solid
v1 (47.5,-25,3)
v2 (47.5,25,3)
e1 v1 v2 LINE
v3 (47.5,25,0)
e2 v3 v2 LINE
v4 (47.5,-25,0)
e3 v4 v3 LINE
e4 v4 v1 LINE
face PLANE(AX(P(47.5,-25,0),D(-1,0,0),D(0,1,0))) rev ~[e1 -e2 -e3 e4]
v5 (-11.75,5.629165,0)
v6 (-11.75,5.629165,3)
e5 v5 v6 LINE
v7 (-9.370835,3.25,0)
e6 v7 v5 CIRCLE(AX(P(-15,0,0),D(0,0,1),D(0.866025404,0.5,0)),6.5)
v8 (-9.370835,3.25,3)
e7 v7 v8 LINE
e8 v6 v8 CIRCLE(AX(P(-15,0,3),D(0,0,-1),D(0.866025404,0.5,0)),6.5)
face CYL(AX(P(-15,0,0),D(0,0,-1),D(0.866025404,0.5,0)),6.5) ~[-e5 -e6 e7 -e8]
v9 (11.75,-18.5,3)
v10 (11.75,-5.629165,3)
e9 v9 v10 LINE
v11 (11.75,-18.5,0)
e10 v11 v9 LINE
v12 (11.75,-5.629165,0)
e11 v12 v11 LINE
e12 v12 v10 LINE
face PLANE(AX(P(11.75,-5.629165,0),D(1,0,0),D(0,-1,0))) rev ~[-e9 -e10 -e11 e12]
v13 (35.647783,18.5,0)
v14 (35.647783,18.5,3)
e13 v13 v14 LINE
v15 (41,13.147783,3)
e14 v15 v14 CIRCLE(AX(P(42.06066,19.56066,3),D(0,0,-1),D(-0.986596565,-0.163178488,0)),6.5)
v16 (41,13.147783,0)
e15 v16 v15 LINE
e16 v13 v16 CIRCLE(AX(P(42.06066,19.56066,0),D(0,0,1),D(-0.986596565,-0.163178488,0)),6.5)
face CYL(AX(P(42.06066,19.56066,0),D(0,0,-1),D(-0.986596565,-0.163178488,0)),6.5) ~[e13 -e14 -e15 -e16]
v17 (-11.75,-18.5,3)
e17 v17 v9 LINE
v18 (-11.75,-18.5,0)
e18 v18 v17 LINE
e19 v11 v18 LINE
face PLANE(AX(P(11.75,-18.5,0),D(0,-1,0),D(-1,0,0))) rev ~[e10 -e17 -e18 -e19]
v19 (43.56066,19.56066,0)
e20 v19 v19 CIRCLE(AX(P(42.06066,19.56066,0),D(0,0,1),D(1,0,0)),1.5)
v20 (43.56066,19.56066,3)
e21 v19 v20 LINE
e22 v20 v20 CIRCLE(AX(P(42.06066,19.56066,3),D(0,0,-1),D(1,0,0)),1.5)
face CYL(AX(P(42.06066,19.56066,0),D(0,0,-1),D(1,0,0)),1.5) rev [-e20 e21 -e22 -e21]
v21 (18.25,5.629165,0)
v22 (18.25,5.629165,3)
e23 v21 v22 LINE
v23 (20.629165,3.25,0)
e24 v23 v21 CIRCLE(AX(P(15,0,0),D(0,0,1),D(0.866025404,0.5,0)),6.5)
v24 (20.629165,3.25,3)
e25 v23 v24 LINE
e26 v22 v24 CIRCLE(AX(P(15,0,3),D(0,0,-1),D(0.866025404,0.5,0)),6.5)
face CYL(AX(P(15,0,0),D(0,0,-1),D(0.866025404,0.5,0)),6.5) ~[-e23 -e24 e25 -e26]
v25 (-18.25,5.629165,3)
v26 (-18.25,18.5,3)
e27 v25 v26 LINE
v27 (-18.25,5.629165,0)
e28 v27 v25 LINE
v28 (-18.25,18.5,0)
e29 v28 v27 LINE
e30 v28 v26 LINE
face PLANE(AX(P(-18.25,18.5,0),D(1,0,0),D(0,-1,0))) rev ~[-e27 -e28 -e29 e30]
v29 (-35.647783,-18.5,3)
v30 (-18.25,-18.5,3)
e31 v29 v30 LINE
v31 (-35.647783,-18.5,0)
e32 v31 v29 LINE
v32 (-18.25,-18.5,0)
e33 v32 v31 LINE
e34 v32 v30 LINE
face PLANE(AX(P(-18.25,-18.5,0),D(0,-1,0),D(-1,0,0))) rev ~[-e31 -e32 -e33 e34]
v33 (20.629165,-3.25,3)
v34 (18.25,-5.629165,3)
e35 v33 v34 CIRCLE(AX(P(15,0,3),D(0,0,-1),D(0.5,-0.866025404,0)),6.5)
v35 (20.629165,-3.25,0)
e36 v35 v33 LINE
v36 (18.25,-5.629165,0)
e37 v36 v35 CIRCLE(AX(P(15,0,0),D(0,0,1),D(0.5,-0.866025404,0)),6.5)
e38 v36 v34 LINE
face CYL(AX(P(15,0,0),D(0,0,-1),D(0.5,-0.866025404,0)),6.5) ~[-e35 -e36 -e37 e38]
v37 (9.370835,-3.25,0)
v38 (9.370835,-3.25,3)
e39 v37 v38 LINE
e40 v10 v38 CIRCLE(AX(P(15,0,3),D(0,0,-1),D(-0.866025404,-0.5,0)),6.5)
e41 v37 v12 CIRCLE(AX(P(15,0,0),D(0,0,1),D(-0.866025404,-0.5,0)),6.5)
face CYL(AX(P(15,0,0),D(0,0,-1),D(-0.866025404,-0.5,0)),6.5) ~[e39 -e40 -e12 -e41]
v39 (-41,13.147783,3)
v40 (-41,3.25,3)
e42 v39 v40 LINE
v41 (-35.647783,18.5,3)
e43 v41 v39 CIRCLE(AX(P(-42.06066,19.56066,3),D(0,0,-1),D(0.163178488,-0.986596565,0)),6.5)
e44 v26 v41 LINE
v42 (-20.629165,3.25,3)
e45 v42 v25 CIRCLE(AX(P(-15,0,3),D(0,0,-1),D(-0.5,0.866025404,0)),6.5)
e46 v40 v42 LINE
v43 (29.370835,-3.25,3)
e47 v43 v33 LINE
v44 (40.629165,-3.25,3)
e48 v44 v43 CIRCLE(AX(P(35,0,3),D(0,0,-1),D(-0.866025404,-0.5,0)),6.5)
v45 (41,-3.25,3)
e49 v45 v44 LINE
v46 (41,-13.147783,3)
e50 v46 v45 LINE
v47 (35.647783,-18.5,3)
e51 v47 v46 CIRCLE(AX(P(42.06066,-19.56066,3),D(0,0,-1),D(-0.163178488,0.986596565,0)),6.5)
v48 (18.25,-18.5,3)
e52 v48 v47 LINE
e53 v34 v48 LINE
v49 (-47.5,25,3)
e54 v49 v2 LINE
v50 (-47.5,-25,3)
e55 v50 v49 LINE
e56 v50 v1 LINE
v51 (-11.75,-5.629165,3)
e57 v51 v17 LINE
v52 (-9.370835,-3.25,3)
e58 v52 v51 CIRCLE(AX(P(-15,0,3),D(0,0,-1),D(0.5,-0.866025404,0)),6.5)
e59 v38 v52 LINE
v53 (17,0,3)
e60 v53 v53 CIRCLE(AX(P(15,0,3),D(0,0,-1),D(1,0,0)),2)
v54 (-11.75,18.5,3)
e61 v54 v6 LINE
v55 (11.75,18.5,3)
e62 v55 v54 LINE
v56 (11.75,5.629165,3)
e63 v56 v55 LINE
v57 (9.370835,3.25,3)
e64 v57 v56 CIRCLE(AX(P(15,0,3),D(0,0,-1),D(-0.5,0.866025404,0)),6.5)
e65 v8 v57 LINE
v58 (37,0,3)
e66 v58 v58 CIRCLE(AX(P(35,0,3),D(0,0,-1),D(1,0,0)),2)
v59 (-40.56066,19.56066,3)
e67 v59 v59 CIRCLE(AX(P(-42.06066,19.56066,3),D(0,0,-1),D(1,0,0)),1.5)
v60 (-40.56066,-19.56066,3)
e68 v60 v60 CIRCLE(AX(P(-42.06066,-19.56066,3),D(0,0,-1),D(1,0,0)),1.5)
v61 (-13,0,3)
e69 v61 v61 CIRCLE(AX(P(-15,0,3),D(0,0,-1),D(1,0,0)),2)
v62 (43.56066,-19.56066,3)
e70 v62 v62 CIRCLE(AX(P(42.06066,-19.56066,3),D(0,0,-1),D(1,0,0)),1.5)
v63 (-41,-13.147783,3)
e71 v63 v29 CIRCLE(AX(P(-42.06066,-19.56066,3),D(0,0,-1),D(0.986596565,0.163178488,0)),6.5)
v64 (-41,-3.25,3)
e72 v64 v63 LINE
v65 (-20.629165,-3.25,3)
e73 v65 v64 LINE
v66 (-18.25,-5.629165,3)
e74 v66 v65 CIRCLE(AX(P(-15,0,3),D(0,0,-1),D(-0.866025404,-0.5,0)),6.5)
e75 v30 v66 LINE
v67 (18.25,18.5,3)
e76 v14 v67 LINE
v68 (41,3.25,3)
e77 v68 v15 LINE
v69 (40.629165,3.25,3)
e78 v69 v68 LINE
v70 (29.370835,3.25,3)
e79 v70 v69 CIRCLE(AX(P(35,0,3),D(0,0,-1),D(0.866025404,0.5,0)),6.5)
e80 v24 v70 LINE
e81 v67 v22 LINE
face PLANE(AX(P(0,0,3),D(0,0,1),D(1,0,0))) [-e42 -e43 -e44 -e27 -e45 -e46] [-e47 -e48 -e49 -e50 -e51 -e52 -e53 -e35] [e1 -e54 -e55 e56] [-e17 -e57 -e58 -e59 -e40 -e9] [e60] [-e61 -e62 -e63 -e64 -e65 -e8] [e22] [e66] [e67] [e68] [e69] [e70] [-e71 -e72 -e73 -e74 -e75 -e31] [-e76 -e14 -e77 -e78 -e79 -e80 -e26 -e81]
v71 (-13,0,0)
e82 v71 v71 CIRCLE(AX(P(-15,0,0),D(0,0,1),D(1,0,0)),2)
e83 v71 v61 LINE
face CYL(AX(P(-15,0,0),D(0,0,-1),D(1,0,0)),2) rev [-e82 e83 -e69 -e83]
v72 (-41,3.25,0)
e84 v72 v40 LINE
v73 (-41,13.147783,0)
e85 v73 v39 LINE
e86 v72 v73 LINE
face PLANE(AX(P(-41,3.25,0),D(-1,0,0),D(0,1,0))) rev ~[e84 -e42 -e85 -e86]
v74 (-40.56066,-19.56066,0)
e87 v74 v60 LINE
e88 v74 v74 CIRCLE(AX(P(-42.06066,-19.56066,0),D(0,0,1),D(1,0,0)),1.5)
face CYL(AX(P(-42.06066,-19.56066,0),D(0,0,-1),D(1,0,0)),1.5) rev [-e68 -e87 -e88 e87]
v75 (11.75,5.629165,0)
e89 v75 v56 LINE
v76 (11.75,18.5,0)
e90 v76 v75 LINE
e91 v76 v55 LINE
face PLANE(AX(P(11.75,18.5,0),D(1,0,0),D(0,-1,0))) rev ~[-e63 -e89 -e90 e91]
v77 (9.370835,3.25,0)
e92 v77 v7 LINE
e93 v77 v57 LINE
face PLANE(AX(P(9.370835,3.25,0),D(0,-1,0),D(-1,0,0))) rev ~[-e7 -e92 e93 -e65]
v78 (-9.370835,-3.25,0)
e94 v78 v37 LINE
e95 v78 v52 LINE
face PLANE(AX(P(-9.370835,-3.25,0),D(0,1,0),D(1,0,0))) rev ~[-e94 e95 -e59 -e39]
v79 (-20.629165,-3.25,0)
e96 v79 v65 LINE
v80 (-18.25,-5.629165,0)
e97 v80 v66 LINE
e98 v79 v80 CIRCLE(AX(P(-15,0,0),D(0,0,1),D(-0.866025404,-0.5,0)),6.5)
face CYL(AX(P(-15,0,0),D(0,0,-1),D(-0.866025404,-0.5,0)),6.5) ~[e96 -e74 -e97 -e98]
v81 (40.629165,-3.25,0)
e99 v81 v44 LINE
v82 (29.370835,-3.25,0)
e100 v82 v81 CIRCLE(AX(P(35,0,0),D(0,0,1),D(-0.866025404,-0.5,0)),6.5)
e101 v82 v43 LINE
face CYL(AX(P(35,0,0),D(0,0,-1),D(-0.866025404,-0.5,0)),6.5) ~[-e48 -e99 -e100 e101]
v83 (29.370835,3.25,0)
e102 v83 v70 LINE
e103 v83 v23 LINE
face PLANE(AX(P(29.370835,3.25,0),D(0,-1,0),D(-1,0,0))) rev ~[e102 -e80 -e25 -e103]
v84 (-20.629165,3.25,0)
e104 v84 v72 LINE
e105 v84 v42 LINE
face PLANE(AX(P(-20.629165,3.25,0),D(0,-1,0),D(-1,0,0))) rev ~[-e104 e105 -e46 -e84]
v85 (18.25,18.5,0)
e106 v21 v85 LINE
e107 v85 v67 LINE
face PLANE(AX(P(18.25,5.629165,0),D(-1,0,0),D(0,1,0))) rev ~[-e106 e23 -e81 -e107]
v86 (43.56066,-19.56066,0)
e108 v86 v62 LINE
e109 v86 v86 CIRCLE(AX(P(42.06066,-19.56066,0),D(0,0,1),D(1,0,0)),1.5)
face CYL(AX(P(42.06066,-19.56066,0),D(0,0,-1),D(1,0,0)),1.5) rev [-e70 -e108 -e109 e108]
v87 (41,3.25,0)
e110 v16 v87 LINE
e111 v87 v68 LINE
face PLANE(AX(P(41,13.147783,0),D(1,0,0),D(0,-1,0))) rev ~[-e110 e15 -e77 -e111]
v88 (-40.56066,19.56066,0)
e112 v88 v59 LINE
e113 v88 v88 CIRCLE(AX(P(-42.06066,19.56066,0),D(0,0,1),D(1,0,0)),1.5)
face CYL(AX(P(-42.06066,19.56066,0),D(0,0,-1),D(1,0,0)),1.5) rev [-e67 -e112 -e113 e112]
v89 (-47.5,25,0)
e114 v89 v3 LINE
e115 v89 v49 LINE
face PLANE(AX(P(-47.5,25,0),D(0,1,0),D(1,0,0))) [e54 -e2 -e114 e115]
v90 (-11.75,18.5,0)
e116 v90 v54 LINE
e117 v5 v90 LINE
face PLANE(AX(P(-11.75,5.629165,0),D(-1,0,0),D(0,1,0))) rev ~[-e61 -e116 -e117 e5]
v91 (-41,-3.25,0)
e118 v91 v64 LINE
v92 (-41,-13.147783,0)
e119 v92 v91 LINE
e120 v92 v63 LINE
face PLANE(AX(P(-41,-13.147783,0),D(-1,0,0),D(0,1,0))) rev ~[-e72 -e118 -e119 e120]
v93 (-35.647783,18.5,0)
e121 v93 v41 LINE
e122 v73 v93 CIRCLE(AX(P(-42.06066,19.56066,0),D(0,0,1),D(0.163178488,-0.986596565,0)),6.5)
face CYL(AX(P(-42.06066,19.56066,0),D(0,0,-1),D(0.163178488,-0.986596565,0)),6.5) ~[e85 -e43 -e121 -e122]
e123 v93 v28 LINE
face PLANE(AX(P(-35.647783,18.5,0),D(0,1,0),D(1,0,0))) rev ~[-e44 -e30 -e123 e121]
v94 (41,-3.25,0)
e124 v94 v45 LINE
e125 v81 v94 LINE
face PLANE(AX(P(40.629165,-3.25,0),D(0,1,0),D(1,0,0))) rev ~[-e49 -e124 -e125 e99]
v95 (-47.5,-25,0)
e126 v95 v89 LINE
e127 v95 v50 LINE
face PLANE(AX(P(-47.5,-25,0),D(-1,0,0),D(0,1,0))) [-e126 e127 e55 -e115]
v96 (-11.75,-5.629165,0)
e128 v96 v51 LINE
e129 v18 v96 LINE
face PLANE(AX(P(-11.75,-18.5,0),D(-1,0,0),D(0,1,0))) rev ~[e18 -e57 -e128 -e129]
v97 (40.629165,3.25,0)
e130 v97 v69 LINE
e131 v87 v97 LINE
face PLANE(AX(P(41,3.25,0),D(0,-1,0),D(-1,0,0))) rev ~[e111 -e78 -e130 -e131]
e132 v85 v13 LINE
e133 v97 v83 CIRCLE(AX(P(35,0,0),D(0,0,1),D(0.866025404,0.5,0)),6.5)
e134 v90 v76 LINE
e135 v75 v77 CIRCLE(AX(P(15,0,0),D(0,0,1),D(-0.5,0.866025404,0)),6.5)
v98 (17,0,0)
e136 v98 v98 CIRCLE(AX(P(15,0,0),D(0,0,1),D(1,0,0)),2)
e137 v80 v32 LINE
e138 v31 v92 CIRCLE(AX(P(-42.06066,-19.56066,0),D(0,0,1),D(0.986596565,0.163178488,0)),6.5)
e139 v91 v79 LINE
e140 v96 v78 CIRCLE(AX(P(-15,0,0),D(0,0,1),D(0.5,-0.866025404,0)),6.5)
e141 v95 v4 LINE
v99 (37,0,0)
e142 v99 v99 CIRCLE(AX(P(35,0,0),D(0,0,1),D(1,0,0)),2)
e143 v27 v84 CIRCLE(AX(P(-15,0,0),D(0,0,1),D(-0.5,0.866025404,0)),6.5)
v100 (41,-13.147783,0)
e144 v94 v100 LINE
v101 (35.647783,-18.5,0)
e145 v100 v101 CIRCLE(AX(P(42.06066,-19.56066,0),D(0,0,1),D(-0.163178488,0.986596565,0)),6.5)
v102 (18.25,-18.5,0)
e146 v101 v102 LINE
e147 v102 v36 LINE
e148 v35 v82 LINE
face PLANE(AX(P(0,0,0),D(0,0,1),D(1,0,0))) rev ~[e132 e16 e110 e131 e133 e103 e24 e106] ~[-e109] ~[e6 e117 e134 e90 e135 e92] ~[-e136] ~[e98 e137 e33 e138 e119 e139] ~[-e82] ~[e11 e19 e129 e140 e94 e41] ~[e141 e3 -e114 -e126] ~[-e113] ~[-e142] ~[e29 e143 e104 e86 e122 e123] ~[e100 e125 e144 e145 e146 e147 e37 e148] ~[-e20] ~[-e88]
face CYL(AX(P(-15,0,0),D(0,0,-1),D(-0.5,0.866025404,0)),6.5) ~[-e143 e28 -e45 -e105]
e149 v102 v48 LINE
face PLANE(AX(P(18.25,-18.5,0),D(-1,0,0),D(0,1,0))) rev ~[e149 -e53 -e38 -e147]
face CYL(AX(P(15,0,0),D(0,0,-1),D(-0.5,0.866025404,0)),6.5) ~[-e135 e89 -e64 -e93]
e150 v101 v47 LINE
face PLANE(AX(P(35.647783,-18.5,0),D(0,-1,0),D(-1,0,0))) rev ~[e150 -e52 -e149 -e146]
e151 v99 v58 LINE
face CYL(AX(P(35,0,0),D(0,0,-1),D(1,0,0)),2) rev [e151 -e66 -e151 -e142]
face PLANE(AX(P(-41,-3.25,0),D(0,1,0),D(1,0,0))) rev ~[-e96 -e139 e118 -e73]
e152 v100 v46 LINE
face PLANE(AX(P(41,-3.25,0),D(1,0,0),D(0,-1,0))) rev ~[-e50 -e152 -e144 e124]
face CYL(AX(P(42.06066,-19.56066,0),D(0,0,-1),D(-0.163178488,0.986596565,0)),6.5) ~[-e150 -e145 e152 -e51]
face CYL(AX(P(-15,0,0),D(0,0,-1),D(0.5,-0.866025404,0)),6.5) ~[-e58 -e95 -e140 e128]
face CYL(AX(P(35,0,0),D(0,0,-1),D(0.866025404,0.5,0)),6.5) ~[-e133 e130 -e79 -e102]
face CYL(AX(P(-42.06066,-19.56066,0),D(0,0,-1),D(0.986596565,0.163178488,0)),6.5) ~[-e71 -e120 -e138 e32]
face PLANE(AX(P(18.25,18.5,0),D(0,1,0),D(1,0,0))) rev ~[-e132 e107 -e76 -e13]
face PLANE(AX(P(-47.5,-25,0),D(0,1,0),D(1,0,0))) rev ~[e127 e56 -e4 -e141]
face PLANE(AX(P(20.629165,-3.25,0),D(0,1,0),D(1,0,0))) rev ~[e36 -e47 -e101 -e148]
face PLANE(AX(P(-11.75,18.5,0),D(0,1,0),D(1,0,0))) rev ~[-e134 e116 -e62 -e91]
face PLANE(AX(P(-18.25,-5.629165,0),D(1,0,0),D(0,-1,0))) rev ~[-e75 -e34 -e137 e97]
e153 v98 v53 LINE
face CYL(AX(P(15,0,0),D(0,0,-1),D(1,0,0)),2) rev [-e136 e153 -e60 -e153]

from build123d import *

# Parameters (mm, degrees)
SKETCH2_W               = 95
SKETCH2_H               = 50
BOSS_EXTRUDE1_DEPTH     = 3
SKETCH1_R               = 2
SKETCH1_R_2             = 1.5
CUT_EXTRUDE2_DEPTH      = 4
CUT_EXTRUDE2_DEPTH_BACK = 1


with BuildPart() as part:
    # Sketch2 → Boss-Extrude1 (new body)
    with BuildSketch(Plane.XY):
        Rectangle(SKETCH2_W, SKETCH2_H)
    extrude(amount=BOSS_EXTRUDE1_DEPTH)

    # Sketch1 → Cut-Extrude2 (cut, two sides)
    with BuildSketch(Plane.XY) as cut_extrude2_sk:
        with BuildLine():
            ThreePointArc((18.25, -5.629165125), (19.596194078, -4.596194078), (20.629165125, -3.25))
            Line((20.629165125, -3.25), (29.370834875, -3.25))
            ThreePointArc((29.370834875, -3.25), (35, -6.5), (40.629165125, -3.25))
            Line((40.629165125, -3.25), (41, -3.25))
            Line((41, -3.25), (41, -13.147782503))
            ThreePointArc((41, -13.147782503), (37.464466094, -14.964466094), (35.647782503, -18.5))
            Line((35.647782503, -18.5), (18.25, -18.5))
            Line((18.25, -18.5), (18.25, -5.629165125))
        make_face()
        with BuildLine():
            ThreePointArc((40.629165125, 3.25), (35, 6.5), (29.370834875, 3.25))
            Line((29.370834875, 3.25), (20.629165125, 3.25))
            ThreePointArc((20.629165125, 3.25), (19.596194078, 4.596194078), (18.25, 5.629165125))
            Line((18.25, 5.629165125), (18.25, 18.5))
            Line((18.25, 18.5), (35.647782503, 18.5))
            ThreePointArc((35.647782503, 18.5), (37.464466094, 14.964466094), (41, 13.147782503))
            Line((41, 13.147782503), (41, 3.25))
            Line((41, 3.25), (40.629165125, 3.25))
        make_face()
        with BuildLine():
            ThreePointArc((11.75, 5.629165125), (10.403805922, 4.596194078), (9.370834875, 3.25))
            Line((9.370834875, 3.25), (-9.370834875, 3.25))
            ThreePointArc((-9.370834875, 3.25), (-10.403805922, 4.596194078), (-11.75, 5.629165125))
            Line((-11.75, 5.629165125), (-11.75, 18.5))
            Line((-11.75, 18.5), (11.75, 18.5))
            Line((11.75, 18.5), (11.75, 5.629165125))
        make_face()
        with BuildLine():
            ThreePointArc((-11.75, -5.629165125), (-10.403805922, -4.596194078), (-9.370834875, -3.25))
            Line((-9.370834875, -3.25), (9.370834875, -3.25))
            ThreePointArc((9.370834875, -3.25), (10.403805922, -4.596194078), (11.75, -5.629165125))
            Line((11.75, -5.629165125), (11.75, -18.5))
            Line((11.75, -18.5), (-11.75, -18.5))
            Line((-11.75, -18.5), (-11.75, -5.629165125))
        make_face()
        with Locations((-15, 0)):
            Circle(SKETCH1_R)
        with BuildLine():
            ThreePointArc((-18.25, 5.629165125), (-19.596194078, 4.596194078), (-20.629165125, 3.25))
            Line((-20.629165125, 3.25), (-41, 3.25))
            Line((-41, 3.25), (-41, 13.147782503))
            ThreePointArc((-41, 13.147782503), (-37.464466094, 14.964466094), (-35.647782503, 18.5))
            Line((-35.647782503, 18.5), (-18.25, 18.5))
            Line((-18.25, 18.5), (-18.25, 5.629165125))
        make_face()
        with BuildLine():
            ThreePointArc((-20.629165125, -3.25), (-19.596194078, -4.596194078), (-18.25, -5.629165125))
            Line((-18.25, -5.629165125), (-18.25, -18.5))
            Line((-18.25, -18.5), (-35.647782503, -18.5))
            ThreePointArc((-35.647782503, -18.5), (-37.464466094, -14.964466094), (-41, -13.147782503))
            Line((-41, -13.147782503), (-41, -3.25))
            Line((-41, -3.25), (-20.629165125, -3.25))
        make_face()
        with Locations((42.060660172, -19.560660172)):
            Circle(SKETCH1_R_2)
        with Locations((42.060660172, 19.560660172)):
            Circle(SKETCH1_R_2)
        with Locations((15, 0)):
            Circle(SKETCH1_R)
        with Locations((35, 0)):
            Circle(SKETCH1_R)
        with Locations((-42.060660172, 19.560660172)):
            Circle(SKETCH1_R_2)
        with Locations((-42.060660172, -19.560660172)):
            Circle(SKETCH1_R_2)
    extrude(amount=CUT_EXTRUDE2_DEPTH, mode=Mode.SUBTRACT)
    extrude(cut_extrude2_sk.sketch, amount=-CUT_EXTRUDE2_DEPTH_BACK, mode=Mode.SUBTRACT)


solid = part.part
